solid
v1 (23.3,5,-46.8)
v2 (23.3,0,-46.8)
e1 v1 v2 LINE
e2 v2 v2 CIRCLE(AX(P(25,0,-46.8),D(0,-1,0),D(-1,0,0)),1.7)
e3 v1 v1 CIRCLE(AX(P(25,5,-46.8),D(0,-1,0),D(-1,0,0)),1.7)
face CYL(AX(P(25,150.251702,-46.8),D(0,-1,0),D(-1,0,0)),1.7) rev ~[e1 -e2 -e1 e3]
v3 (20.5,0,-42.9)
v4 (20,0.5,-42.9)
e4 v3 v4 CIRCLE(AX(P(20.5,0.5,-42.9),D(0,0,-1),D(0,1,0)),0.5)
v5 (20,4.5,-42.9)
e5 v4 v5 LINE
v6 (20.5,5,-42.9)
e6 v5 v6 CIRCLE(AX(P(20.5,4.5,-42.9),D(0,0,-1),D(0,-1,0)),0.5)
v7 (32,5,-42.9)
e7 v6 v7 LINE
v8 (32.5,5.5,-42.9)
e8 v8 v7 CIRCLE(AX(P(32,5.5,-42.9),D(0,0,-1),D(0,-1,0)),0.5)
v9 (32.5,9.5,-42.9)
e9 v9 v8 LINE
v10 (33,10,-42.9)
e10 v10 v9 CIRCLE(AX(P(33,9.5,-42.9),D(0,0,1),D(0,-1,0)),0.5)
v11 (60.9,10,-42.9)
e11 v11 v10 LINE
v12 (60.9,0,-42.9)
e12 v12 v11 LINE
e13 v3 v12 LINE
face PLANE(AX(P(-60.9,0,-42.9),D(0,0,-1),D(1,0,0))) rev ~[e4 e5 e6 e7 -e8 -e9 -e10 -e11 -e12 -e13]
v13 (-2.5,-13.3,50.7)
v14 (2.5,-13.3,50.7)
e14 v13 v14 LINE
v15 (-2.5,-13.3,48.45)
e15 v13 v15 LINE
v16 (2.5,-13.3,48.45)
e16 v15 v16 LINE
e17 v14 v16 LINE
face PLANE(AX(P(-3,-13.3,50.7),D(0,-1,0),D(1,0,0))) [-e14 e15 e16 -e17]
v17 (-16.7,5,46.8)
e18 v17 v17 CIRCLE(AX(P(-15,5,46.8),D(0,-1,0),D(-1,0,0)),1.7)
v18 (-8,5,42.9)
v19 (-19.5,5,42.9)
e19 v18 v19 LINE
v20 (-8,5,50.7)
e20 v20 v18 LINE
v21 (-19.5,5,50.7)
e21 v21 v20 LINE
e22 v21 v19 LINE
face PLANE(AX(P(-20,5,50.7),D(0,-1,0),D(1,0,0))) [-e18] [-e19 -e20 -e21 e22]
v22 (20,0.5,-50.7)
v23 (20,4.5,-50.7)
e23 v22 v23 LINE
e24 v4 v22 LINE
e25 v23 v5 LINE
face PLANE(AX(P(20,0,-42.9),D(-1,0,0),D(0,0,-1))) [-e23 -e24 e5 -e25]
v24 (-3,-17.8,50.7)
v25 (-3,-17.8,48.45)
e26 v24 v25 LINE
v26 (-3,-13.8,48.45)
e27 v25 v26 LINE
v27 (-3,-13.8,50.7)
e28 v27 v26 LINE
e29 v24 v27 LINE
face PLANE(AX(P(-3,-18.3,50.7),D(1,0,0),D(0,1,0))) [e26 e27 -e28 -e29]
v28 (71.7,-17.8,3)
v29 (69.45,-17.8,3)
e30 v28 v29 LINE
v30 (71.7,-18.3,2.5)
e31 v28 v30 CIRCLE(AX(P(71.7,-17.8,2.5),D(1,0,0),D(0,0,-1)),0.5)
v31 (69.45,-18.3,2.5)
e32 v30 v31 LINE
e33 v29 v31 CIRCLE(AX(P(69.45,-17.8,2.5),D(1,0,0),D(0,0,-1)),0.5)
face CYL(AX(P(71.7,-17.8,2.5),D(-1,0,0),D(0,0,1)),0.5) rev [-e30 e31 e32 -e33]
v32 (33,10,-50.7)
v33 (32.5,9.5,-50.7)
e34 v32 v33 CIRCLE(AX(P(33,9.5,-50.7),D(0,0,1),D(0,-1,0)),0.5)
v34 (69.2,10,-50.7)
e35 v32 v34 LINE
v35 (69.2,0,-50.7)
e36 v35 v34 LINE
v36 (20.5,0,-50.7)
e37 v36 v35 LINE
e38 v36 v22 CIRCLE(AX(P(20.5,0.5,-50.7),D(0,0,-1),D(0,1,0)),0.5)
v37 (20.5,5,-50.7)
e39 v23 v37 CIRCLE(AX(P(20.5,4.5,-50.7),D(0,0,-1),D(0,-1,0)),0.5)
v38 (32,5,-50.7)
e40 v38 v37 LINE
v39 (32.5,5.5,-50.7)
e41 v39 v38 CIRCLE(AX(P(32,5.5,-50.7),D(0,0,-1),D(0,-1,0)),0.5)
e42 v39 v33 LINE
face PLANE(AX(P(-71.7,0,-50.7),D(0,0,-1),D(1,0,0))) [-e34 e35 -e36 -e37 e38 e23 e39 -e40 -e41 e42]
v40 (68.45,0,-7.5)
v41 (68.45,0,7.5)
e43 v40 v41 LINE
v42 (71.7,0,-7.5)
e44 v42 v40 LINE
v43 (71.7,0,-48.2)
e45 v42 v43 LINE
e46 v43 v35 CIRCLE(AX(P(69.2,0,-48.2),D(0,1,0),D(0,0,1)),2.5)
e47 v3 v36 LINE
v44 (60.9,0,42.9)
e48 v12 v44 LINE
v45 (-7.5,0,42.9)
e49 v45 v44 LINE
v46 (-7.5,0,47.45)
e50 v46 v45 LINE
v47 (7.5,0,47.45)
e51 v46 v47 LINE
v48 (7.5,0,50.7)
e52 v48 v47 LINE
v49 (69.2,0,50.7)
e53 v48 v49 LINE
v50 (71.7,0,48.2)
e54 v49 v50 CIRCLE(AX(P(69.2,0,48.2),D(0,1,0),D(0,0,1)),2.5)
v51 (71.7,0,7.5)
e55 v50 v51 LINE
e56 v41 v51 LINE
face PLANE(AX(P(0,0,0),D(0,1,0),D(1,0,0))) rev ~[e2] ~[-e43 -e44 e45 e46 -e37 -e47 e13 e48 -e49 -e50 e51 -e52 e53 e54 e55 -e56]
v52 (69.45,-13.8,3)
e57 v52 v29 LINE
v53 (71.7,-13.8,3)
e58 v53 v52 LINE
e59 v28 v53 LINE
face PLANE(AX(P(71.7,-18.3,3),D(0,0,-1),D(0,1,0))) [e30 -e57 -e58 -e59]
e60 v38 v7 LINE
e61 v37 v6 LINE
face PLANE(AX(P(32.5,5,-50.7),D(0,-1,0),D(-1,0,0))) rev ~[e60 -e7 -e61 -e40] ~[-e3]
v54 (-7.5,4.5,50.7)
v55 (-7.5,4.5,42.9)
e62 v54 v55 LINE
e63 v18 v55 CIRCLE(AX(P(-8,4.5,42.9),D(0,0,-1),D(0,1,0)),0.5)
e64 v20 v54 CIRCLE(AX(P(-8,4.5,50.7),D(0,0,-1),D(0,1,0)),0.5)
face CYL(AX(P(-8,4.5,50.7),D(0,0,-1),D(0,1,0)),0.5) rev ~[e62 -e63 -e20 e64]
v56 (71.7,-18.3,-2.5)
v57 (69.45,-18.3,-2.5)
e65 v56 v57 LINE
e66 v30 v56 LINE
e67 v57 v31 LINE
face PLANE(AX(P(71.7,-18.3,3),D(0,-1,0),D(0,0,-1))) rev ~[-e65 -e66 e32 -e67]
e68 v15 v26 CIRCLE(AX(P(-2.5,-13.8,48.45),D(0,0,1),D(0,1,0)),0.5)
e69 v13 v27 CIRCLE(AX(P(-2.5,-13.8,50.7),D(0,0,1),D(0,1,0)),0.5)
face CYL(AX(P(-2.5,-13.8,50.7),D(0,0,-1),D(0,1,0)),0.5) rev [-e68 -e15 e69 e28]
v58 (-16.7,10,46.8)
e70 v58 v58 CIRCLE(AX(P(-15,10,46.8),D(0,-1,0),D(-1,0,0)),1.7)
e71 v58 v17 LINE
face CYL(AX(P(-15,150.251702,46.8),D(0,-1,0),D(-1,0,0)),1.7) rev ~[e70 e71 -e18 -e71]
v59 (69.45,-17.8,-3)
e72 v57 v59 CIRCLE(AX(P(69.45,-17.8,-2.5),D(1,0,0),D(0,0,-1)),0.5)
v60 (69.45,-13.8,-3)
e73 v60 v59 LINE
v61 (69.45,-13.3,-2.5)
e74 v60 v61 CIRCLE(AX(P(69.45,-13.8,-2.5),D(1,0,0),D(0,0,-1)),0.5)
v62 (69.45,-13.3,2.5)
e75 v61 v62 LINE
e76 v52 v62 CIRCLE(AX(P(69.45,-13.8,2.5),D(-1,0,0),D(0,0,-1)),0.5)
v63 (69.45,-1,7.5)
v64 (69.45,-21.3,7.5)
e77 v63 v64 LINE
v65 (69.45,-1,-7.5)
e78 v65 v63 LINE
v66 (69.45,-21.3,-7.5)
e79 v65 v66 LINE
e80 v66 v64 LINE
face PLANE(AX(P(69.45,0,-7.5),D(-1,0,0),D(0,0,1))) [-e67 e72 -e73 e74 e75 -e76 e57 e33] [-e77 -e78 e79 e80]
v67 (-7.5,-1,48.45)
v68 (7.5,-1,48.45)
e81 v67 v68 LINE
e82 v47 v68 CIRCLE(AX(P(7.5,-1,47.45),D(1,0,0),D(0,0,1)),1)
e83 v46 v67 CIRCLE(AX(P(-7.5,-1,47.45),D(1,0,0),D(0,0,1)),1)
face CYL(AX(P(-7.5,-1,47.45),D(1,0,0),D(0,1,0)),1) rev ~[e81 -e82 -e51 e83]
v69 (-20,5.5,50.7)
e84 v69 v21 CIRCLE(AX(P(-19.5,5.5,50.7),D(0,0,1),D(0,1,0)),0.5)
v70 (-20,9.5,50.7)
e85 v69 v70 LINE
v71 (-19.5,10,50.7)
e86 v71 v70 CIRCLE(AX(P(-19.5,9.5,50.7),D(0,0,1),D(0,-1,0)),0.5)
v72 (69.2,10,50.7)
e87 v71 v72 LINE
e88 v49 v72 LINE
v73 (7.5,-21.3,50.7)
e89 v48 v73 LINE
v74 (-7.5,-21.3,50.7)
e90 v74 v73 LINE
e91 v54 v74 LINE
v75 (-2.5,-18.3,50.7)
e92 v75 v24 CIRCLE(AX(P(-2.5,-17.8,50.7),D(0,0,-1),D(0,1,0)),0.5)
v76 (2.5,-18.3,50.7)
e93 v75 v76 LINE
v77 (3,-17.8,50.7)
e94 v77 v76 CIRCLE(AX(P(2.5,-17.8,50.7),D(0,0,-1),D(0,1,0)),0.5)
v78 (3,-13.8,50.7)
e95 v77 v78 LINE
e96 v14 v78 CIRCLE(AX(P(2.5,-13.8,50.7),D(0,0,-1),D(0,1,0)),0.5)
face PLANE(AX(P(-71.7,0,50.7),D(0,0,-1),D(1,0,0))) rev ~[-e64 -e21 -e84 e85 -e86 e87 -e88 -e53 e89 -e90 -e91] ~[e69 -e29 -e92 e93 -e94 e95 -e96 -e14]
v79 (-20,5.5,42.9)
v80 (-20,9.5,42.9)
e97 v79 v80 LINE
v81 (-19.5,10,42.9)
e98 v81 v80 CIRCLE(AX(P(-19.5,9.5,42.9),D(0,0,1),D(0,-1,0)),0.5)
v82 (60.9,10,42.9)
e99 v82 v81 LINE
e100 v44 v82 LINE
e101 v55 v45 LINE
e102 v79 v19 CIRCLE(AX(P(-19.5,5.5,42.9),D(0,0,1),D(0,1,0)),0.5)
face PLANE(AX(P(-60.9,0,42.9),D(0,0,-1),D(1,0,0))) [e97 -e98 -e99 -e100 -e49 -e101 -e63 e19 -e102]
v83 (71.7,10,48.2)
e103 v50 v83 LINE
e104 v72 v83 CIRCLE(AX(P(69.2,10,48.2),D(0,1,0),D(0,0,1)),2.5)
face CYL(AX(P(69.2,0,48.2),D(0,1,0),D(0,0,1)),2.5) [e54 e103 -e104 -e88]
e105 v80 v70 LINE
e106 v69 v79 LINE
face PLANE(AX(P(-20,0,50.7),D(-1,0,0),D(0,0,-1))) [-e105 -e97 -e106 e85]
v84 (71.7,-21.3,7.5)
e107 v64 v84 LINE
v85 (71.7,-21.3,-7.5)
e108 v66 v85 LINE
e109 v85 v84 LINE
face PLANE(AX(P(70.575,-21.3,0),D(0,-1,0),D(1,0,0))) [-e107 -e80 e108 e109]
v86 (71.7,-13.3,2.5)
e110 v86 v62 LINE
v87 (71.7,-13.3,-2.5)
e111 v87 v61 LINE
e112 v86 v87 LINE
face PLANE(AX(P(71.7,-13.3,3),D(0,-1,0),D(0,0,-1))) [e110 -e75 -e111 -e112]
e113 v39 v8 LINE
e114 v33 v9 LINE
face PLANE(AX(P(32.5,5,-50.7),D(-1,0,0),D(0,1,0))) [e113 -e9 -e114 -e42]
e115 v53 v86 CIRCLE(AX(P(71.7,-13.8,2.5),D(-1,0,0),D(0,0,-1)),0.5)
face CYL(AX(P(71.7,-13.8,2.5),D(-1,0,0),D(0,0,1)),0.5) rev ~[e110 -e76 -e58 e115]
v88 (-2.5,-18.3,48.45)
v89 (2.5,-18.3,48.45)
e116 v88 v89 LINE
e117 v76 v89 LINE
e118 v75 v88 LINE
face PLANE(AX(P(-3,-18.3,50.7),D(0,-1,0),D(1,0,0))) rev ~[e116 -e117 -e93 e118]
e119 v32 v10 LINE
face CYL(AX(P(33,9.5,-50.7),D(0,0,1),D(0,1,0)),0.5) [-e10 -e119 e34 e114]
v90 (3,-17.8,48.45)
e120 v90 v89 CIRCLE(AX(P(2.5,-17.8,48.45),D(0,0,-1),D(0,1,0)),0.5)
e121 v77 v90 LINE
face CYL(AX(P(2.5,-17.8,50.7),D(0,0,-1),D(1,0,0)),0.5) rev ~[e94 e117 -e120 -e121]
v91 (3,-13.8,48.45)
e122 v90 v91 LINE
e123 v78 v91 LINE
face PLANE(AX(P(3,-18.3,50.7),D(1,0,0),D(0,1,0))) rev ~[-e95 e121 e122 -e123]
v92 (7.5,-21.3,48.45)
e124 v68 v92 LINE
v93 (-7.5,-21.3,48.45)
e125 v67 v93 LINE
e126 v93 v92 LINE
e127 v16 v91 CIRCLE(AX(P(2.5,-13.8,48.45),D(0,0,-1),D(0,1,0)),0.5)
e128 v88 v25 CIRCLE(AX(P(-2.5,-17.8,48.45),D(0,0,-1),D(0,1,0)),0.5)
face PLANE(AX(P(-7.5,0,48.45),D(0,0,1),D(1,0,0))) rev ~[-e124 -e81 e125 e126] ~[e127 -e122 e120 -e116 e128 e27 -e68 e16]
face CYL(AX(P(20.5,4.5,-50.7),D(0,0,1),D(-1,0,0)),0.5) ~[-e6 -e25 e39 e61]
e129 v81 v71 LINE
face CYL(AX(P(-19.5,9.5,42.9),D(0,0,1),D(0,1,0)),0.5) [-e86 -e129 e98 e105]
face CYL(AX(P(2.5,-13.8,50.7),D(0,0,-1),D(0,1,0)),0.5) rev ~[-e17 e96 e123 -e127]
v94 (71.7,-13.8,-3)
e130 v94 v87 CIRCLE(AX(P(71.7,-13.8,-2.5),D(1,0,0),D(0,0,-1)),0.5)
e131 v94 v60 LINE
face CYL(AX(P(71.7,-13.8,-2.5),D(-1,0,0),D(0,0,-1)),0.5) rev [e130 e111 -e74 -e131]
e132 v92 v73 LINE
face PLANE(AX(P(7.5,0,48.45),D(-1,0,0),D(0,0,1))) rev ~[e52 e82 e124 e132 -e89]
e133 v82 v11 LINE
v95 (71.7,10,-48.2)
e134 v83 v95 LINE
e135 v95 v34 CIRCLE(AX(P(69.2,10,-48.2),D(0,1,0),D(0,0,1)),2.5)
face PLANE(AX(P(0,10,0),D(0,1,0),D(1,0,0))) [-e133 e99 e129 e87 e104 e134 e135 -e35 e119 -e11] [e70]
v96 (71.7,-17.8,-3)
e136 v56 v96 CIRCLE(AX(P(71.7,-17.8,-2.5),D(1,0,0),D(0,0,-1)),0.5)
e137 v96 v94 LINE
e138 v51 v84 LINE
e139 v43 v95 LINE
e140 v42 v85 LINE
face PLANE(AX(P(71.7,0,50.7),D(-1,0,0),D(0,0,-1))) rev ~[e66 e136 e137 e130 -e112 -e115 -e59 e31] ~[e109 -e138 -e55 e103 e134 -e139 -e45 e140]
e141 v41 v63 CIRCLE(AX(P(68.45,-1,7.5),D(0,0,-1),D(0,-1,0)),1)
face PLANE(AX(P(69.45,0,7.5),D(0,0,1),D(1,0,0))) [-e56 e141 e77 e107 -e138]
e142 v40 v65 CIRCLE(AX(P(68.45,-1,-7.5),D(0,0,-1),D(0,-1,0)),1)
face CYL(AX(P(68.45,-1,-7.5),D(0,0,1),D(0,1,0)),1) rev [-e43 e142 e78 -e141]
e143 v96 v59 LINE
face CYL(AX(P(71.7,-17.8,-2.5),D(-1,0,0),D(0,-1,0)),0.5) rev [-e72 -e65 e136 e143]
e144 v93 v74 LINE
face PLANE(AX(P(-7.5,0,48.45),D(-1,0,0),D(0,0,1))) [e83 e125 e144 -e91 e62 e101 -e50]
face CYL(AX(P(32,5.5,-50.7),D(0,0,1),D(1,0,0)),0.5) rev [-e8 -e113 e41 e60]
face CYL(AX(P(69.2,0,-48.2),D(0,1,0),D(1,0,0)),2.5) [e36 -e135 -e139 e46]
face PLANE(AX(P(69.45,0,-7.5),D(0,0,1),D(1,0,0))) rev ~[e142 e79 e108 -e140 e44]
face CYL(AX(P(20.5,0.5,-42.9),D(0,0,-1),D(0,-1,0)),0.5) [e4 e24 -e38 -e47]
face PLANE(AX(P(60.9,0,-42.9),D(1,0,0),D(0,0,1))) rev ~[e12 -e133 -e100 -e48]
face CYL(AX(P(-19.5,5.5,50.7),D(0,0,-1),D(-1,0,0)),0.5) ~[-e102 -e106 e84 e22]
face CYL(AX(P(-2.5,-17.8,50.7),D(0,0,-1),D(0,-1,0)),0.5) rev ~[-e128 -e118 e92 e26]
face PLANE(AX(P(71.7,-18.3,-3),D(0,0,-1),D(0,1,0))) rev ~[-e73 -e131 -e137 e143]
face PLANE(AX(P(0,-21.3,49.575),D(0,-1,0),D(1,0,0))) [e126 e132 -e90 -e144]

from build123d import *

# Parameters (mm, degrees)
SKETCH1_W            = 143.4
SKETCH1_H            = 101.4
BOSS_EXTRUDE1_DEPTH  = 10
SKETCH2_W            = 121.8
SKETCH2_H            = 85.8
CUT_EXTRUDE1_DEPTH   = 89.382011744
CUT_EXTRUDE2_DEPTH   = 89.382011744
SKETCH4_W            = 2.25
SKETCH4_H            = 15
SKETCH4_W_2          = 15
SKETCH4_H_2          = 2.25
BOSS_EXTRUDE2_DEPTH  = 21.3
SKETCH5_W            = 6
SKETCH5_H            = 5
CUT_EXTRUDE3_DEPTH   = 107.925534836
SKETCH6_W            = 6
SKETCH6_H            = 5
CUT_EXTRUDE4_DEPTH   = 127.002142839
M3_CLEARANCE_HOLE1_D = 3.4
SKETCH10_W           = 12.5
SKETCH10_H           = 5
CUT_EXTRUDE5_DEPTH   = 127.002142839
CUT_EXTRUDE6_REACH   = 128.002
SKETCH11_W           = 12.5
SKETCH11_H           = 5
FILLET1_R            = 2.5
FILLET2_R            = 0.5
FILLET3_R            = 1
FILLET4_R            = 0.5


with BuildPart() as part:
    # Sketch1 → Boss-Extrude1 (new body)
    with BuildSketch(Plane(origin=(0, 0, 0), x_dir=(1, 0, 0), z_dir=(0, 1, 0))):
        Rectangle(SKETCH1_W, SKETCH1_H)
    extrude(amount=BOSS_EXTRUDE1_DEPTH)

    # Sketch2 → Cut-Extrude1 (cut, through all)
    with BuildSketch(Plane.XZ):
        Rectangle(SKETCH2_W, SKETCH2_H)
    extrude(amount=-CUT_EXTRUDE1_DEPTH, mode=Mode.SUBTRACT)

    # Sketch3 → Cut-Extrude2 (cut, through all)
    with BuildSketch(Plane.XZ):
        Polygon((-20, 50.7), (-20, 42.9), (-60.9, 42.9), (-60.9, -42.9), (20, -42.9), (20, -50.7), (-71.7, -50.7), (-71.7, 50.7), align=None)
    extrude(amount=-CUT_EXTRUDE2_DEPTH, mode=Mode.SUBTRACT)

    # Sketch4 → Boss-Extrude2 (add)
    with BuildSketch(Plane.XZ):
        with Locations((70.575, 0)):
            Rectangle(SKETCH4_W, SKETCH4_H)
        with Locations((0, 49.575)):
            Rectangle(SKETCH4_W_2, SKETCH4_H_2)
    extrude(amount=BOSS_EXTRUDE2_DEPTH)

    # Sketch5 → Cut-Extrude3 (cut, through all)
    with BuildSketch(Plane(origin=(71.7, 0, 0), x_dir=(0, 0, -1), z_dir=(1, 0, 0))):
        with Locations((0, -15.8)):
            Rectangle(SKETCH5_W, SKETCH5_H)
    extrude(amount=-CUT_EXTRUDE3_DEPTH, mode=Mode.SUBTRACT)

    # Sketch6 → Cut-Extrude4 (cut, through all)
    with BuildSketch(Plane.XY.offset(50.7)):
        with Locations((0, -15.8)):
            Rectangle(SKETCH6_W, SKETCH6_H)
    extrude(amount=-CUT_EXTRUDE4_DEPTH, mode=Mode.SUBTRACT)

    # M3 Clearance Hole1 (through all)
    with Locations(Plane(origin=(0, 10, 0), x_dir=(1, 0, 0), z_dir=(0, 1, 0))):
        with Locations((-15, -46.8), (25, 46.8)):
            Hole(M3_CLEARANCE_HOLE1_D / 2)

    # Sketch10 → Cut-Extrude5 (cut, through all)
    with BuildSketch(Plane.XY.offset(50.7)):
        with Locations((-13.75, 2.5)):
            Rectangle(SKETCH10_W, SKETCH10_H)
    extrude(amount=-CUT_EXTRUDE5_DEPTH, mode=Mode.SUBTRACT)

    # Sketch11 → Cut-Extrude6 (cut, up to next)
    with BuildSketch(Plane(origin=(0, 0, -50.7), x_dir=(-1, 0, 0), z_dir=(0, 0, -1)), mode=Mode.PRIVATE) as cut_extrude6_sk1:
        with Locations((-26.25, 7.5)):
            Rectangle(SKETCH11_W, SKETCH11_H)
    cut_extrude6_tool1 = extrude(cut_extrude6_sk1.sketch, amount=-CUT_EXTRUDE6_REACH, mode=Mode.PRIVATE) & part.part
    add(cut_extrude6_tool1.solids().sort_by_distance((26.25, 7.5, -50.7))[0], mode=Mode.SUBTRACT)

    # Fillet1
    fillet1_edges = [part.edges().sort_by_distance(p)[0] for p in [
        (71.7, 5, -50.7),
        (71.7, 5, 50.7),
    ]]
    fillet(fillet1_edges, radius=FILLET1_R)

    # Fillet2
    fillet2_edges = [part.edges().sort_by_distance(p)[0] for p in [
        (-7.5, 5, 46.8),
        (-20, 5, 46.8),
        (32.5, 10, -46.8),
        (32.5, 5, -46.8),
        (20, 5, -46.8),
        (-20, 10, 46.8),
        (20, 0, -46.8),
    ]]
    fillet(fillet2_edges, radius=FILLET2_R)

    # Fillet3
    fillet3_edges = [part.edges().sort_by_distance(p)[0] for p in [
        (69.45, 0, 0),
        (0, 0, 48.45),
    ]]
    fillet(fillet3_edges, radius=FILLET3_R)

    # Fillet4
    fillet4_edges = [part.edges().sort_by_distance(p)[0] for p in [
        (3, -13.3, 49.575),
        (3, -18.3, 49.575),
        (-3, -18.3, 49.575),
        (-3, -13.3, 49.575),
        (70.575, -13.3, -3),
        (70.575, -18.3, -3),
        (70.575, -18.3, 3),
        (70.575, -13.3, 3),
    ]]
    fillet(fillet4_edges, radius=FILLET4_R)


solid = part.part
